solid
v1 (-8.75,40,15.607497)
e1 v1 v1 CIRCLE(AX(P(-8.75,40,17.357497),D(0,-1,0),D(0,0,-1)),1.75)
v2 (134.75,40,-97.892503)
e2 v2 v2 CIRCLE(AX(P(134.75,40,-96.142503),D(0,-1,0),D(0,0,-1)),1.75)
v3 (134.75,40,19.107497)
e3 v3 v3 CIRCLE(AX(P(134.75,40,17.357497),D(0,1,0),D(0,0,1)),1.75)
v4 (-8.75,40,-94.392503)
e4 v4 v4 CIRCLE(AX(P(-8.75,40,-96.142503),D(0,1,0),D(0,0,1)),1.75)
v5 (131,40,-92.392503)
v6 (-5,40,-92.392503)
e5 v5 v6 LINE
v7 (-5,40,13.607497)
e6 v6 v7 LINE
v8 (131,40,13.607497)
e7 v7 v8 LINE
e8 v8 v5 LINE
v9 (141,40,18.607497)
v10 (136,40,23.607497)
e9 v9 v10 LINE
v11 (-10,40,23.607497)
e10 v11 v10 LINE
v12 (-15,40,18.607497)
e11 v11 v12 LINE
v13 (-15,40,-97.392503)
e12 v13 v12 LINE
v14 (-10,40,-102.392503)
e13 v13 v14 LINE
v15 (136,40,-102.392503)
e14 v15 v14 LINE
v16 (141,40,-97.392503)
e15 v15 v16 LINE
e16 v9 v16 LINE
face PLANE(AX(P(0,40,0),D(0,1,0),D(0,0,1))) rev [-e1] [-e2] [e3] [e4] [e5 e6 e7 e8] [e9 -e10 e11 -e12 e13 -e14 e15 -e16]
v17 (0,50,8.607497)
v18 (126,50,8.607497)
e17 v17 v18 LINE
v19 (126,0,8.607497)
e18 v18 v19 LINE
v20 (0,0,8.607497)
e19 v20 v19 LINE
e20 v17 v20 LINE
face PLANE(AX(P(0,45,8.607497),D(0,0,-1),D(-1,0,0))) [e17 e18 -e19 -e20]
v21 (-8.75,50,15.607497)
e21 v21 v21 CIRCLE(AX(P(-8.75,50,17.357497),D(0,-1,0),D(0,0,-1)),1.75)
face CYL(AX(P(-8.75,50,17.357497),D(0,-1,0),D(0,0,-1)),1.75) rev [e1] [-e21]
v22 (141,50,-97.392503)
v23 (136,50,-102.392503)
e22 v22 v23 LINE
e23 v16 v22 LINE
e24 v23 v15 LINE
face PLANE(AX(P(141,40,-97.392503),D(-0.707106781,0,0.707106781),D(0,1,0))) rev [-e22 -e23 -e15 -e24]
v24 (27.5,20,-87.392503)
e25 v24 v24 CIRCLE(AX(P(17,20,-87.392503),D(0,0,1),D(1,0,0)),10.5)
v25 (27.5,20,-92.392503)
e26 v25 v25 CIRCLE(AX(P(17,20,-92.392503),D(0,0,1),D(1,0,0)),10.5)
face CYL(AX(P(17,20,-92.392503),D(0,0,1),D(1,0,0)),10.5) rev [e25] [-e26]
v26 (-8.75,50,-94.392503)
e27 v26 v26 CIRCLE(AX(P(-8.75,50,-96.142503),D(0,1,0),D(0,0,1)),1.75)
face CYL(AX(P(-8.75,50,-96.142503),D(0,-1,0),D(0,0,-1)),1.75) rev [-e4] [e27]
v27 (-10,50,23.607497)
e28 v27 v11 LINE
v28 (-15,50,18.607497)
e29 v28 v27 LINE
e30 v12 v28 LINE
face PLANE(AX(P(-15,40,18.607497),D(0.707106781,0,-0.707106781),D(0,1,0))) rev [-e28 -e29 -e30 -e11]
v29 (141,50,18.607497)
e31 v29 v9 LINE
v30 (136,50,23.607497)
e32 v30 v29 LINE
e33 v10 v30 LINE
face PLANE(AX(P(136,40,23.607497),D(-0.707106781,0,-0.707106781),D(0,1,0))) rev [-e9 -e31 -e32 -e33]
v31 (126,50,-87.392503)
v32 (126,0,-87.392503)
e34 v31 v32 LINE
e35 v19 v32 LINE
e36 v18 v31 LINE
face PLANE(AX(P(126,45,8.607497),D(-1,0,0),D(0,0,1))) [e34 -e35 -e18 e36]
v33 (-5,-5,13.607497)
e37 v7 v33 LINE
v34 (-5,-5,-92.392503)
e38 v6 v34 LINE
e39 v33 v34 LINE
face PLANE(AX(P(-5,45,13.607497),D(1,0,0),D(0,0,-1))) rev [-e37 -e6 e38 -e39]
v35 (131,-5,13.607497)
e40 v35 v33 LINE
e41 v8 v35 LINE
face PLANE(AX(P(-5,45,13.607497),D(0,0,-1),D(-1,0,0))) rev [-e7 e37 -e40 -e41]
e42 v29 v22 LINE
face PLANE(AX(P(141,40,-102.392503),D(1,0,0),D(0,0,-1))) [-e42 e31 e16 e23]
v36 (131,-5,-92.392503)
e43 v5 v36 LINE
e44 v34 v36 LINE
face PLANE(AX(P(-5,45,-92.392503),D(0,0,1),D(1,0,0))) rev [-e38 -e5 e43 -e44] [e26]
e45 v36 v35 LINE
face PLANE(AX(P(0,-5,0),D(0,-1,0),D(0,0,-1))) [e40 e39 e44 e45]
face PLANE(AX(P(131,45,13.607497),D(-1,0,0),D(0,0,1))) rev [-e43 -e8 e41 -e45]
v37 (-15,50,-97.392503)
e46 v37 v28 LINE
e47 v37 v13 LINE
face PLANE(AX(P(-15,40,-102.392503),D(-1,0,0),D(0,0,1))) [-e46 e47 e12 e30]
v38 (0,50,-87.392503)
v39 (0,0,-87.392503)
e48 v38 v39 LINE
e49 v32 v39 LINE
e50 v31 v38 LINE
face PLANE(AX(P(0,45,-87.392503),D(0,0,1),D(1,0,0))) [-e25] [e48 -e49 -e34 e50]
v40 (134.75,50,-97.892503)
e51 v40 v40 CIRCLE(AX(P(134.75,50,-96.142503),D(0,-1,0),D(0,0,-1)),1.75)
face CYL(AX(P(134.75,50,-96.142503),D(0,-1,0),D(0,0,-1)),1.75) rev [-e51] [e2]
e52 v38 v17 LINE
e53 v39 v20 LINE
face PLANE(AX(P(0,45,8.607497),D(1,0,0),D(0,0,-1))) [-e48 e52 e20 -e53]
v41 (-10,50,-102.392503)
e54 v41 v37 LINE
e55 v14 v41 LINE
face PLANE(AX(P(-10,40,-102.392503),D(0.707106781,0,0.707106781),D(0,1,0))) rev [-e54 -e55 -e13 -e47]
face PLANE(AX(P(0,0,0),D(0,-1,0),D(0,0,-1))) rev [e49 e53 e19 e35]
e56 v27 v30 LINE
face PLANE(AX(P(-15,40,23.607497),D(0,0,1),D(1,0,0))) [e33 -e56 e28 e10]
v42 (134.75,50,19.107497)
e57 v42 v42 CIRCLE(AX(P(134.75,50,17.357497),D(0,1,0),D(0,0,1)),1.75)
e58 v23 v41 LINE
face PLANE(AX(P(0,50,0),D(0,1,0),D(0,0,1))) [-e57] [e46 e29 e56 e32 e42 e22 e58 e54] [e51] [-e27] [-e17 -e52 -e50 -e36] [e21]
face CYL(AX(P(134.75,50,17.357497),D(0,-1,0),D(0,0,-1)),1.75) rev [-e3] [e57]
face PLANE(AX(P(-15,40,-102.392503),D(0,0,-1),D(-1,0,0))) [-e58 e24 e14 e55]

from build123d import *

# Parameters (mm, degrees)
SKETCH1_W                = 136
SKETCH1_H                = 106
SKETCH1_W_2              = 126
SKETCH1_H_2              = 96
BOSS_EXTRUDE1_DEPTH      = 45
SKETCH2_W                = 136
SKETCH2_H                = 106
BOSS_EXTRUDE3_DEPTH      = 5
SKETCH3_R                = 10.5
CUT_EXTRUDE1_DEPTH       = 5
BOSS_EXTRUDE4_DEPTH      = 5
BOSS_EXTRUDE4_DEPTH_BACK = 5
SKETCH4_W                = 156
SKETCH4_H                = 126
SKETCH4_W_2              = 136
SKETCH4_H_2              = 106
SKETCH5_W                = 136
SKETCH5_H                = 106
SKETCH5_W_2              = 126
SKETCH5_H_2              = 96
BOSS_EXTRUDE6_DEPTH      = 5
CHAMFER1_SIZE            = 5
SKETCH6_R                = 1.75
CUT_EXTRUDE2_DEPTH       = 180.97284412


with BuildPart() as part:
    # Sketch1 → Boss-Extrude1 (new body)
    with BuildSketch(Plane(origin=(0, 0, 0), x_dir=(1, 0, 0), z_dir=(0, 1, 0))):
        with Locations((63, 39.392502756)):
            Rectangle(SKETCH1_W, SKETCH1_H)
        with Locations((63, 39.392502756)):
            Rectangle(SKETCH1_W_2, SKETCH1_H_2, mode=Mode.SUBTRACT)
    extrude(amount=BOSS_EXTRUDE1_DEPTH)

    # Sketch2 → Boss-Extrude3 (add)
    with BuildSketch(Plane.XZ):
        with Locations((63, -39.392502756)):
            Rectangle(SKETCH2_W, SKETCH2_H)
    extrude(amount=BOSS_EXTRUDE3_DEPTH)

    # Sketch3 → Cut-Extrude1 (cut)
    with BuildSketch(Plane.XY.offset(-87.392502756)):
        with Locations((17, 20)):
            Circle(SKETCH3_R)
    extrude(amount=-CUT_EXTRUDE1_DEPTH, mode=Mode.SUBTRACT)

    # Sketch4 → Boss-Extrude4 (add, two sides: drawn at the far end of the back side and taken through both)
    with BuildSketch(Plane(origin=(0, 45, 0), x_dir=(1, 0, 0), z_dir=(0, 1, 0)).offset(-BOSS_EXTRUDE4_DEPTH_BACK)):
        with Locations((63, 39.392502756)):
            Rectangle(SKETCH4_W, SKETCH4_H)
        with Locations((63, 39.392502756)):
            Rectangle(SKETCH4_W_2, SKETCH4_H_2, mode=Mode.SUBTRACT)
    extrude(amount=BOSS_EXTRUDE4_DEPTH + BOSS_EXTRUDE4_DEPTH_BACK)

    # Sketch5 → Boss-Extrude6 (add)
    with BuildSketch(Plane(origin=(0, 45, 0), x_dir=(1, 0, 0), z_dir=(0, 1, 0))):
        with Locations((63, 39.392502756)):
            Rectangle(SKETCH5_W, SKETCH5_H)
        with Locations((63, 39.392502756)):
            Rectangle(SKETCH5_W_2, SKETCH5_H_2, mode=Mode.SUBTRACT)
    extrude(amount=BOSS_EXTRUDE6_DEPTH)

    # Chamfer1
    chamfer1_edges = [part.edges().sort_by_distance(p)[0] for p in [
        (-15, 45, 23.607497244),
        (-15, 45, -102.392502756),
        (141, 45, -102.392502756),
        (141, 45, 23.607497244),
    ]]
    chamfer(chamfer1_edges, length=CHAMFER1_SIZE)

    # Sketch6 → Cut-Extrude2 (cut, through all)
    with BuildSketch(Plane.XZ.offset(-40)):
        with Locations(Location((-8.75, 17.357497244, 0), (0, 0, 270))):
            Circle(SKETCH6_R)
        with Locations(Location((-8.75, -96.142502756, 0), (0, 0, 90))):
            Circle(SKETCH6_R)
        with Locations(Location((134.75, -96.142502756, 0), (0, 0, 270))):
            Circle(SKETCH6_R)
        with Locations(Location((134.75, 17.357497244, 0), (0, 0, 90))):
            Circle(SKETCH6_R)
    extrude(amount=-CUT_EXTRUDE2_DEPTH, mode=Mode.SUBTRACT)


solid = part.part
